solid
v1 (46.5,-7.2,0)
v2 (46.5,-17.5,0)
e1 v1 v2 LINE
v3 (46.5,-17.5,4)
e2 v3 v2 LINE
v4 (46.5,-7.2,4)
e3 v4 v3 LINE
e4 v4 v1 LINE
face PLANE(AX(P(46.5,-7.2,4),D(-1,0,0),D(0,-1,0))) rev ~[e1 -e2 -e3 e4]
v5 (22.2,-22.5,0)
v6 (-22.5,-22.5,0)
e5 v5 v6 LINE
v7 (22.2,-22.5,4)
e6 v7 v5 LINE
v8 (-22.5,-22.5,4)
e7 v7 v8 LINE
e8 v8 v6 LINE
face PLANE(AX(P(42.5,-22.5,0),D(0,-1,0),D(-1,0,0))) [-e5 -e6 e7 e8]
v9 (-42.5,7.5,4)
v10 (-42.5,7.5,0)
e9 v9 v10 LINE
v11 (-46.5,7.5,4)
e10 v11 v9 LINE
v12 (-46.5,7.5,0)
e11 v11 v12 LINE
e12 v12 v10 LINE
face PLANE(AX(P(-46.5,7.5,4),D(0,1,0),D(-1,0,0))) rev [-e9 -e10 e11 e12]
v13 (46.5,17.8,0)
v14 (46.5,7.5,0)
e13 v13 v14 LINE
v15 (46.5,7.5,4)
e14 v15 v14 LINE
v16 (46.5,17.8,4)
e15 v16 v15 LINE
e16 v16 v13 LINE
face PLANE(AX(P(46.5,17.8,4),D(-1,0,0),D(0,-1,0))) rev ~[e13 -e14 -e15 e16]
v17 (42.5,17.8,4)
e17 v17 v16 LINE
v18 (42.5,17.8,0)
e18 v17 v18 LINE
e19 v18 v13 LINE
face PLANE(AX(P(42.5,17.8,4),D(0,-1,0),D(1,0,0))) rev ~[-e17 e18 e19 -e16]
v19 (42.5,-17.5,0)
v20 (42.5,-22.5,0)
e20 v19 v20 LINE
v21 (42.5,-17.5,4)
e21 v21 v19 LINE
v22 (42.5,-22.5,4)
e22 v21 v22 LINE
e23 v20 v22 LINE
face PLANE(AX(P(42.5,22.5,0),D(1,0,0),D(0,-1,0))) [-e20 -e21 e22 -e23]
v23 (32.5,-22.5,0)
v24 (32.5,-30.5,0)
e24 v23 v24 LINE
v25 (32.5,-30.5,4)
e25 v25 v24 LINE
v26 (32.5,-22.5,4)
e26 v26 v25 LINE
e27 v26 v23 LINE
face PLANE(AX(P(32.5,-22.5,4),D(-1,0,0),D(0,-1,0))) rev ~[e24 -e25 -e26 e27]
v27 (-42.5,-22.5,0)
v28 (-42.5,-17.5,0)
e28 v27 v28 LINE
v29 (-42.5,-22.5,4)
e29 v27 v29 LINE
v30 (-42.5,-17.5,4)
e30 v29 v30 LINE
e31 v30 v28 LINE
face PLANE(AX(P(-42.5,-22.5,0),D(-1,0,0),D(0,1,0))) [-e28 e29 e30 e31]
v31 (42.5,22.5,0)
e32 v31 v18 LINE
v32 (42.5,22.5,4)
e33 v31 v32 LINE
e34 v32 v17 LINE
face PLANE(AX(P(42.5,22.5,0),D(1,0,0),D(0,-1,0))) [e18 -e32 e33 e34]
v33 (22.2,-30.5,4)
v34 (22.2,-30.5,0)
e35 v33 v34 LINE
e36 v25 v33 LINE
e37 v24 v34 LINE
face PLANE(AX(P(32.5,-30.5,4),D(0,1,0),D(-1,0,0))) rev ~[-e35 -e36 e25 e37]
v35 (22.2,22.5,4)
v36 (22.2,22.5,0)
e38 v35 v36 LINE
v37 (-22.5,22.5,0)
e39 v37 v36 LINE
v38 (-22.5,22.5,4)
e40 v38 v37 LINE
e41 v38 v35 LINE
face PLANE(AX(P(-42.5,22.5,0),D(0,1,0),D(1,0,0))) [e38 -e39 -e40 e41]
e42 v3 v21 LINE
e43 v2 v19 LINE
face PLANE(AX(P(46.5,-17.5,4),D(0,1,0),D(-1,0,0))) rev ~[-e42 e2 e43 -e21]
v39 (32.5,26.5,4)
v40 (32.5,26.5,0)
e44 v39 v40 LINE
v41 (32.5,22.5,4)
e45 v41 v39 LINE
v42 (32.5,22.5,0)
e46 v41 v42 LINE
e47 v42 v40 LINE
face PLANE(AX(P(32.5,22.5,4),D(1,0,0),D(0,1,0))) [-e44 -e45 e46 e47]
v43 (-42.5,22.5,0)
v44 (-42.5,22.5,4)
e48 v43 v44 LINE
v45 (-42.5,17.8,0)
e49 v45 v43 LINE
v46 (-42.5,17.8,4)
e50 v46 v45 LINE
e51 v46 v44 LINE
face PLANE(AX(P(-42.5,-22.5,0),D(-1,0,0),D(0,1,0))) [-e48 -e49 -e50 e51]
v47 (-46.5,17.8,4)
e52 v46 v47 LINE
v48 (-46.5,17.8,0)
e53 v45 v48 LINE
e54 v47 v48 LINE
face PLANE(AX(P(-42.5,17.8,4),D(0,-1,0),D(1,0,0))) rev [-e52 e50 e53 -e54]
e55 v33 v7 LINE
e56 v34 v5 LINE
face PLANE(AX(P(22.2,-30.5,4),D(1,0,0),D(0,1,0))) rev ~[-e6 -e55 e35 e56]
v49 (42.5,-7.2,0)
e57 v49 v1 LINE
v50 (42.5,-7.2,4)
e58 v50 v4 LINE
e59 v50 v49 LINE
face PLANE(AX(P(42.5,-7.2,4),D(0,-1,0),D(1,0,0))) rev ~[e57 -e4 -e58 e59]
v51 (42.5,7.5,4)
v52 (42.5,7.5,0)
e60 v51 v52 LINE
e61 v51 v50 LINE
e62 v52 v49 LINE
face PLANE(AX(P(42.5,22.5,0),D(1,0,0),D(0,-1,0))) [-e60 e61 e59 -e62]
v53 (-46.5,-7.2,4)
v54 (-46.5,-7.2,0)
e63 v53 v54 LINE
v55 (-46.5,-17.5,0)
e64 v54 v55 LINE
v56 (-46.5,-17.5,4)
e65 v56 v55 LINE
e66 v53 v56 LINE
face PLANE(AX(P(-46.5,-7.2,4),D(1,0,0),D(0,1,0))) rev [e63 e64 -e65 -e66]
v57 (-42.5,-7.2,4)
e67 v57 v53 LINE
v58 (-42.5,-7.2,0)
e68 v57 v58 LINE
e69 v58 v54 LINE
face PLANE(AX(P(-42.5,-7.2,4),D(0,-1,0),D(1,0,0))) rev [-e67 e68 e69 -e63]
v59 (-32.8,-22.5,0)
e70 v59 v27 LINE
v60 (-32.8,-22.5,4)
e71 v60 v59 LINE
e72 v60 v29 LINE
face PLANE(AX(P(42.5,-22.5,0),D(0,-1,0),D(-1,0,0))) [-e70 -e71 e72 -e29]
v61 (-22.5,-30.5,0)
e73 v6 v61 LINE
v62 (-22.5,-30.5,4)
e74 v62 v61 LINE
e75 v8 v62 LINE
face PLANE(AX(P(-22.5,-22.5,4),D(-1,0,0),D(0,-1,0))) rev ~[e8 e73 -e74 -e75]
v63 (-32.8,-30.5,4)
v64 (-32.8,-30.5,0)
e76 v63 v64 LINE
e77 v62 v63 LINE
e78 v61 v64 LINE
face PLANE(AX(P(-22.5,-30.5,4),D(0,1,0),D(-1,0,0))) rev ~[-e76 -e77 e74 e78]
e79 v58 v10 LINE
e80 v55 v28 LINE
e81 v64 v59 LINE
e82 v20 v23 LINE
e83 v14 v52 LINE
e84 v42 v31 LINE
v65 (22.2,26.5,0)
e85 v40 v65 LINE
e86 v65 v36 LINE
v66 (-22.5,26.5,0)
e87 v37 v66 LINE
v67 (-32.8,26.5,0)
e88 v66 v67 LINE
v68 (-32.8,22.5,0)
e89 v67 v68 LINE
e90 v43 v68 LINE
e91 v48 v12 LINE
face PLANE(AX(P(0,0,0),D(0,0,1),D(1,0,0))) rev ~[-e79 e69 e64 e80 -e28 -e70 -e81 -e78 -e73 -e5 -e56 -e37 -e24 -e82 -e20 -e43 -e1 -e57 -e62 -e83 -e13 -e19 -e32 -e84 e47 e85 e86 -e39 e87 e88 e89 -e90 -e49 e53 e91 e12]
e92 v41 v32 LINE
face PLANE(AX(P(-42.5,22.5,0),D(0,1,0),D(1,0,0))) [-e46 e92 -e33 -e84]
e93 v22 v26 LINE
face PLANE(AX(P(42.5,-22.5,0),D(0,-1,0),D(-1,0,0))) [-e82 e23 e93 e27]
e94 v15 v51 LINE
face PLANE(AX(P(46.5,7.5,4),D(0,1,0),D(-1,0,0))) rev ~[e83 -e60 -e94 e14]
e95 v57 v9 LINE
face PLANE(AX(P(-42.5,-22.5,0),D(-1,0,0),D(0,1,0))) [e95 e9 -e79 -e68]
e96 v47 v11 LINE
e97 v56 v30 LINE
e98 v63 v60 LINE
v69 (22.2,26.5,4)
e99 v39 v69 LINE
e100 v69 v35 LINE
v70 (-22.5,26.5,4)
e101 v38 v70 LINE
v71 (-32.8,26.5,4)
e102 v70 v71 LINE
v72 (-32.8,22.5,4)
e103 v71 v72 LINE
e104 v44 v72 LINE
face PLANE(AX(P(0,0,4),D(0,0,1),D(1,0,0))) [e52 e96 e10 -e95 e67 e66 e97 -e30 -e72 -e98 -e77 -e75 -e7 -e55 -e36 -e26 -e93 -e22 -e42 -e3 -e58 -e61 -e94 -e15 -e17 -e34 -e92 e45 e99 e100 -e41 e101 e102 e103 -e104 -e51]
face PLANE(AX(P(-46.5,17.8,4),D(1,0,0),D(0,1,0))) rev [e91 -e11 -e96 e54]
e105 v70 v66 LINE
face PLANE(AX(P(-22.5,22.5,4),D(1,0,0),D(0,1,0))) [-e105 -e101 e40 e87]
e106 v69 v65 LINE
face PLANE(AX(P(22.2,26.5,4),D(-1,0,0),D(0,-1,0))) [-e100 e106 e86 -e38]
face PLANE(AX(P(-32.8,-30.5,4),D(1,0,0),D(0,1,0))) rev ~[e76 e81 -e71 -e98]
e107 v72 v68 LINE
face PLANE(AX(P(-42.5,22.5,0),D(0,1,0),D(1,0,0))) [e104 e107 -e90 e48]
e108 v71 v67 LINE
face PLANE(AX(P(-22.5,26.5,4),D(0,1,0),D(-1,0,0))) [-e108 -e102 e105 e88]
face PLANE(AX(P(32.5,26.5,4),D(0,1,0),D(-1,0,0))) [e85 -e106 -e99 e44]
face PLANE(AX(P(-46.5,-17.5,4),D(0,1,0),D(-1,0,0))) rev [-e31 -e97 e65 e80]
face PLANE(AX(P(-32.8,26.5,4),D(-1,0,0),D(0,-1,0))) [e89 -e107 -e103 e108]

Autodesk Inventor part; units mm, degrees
ref_plane "YZ Plane" through (0, 0, 0) normal (1, 0, 0) x (0, 1, 0)
ref_plane "XZ Plane" through (0, 0, 0) normal (0, 1, 0) x (-1, 0, 0)
sketch "Sketch1" plane through (0, 0, 0) normal (0, 0, 1) x (1, 0, 0)
  line L0 (42.5, -22.5) -> (-42.5, -22.5)
  line L1 (-42.5, -22.5) -> (-42.5, 22.5)
  line L2 (-42.5, 22.5) -> (42.5, 22.5)
  line L3 (42.5, 22.5) -> (42.5, -22.5)
  line L4 (42.5, -22.5) -> (-42.5, 22.5) construction
  line L5 (-42.5, -22.5) -> (42.5, 22.5) construction
  point P0 (0, 0)
  dimension "d0" = 85
  dimension "d1" = 45
extrude "Extrusion1" add sketch "Sketch1" along normal blind 4
sketch "Sketch2" plane through (0, 0, 4) normal (0, 0, 1) x (1, 0, 0)
  line L0 (-42.5, -22.5) -> (42.5, -22.5) projected
  line L1 (42.5, -22.5) -> (42.5, 22.5) projected
  line L2 (42.5, 22.5) -> (-42.5, 22.5) projected
  line L3 (-42.5, 22.5) -> (-42.5, -22.5) projected
  line L4 (42.5, 17.8) -> (46.5, 17.8)
  line L5 (46.5, 17.8) -> (46.5, 7.5)
  line L6 (46.5, 7.5) -> (42.5, 7.5)
  line L7 (42.5, 7.5) -> (42.5, 17.8)
  line L8 (42.5, -22.5) -> (42.5, 22.5) projected
  line L9 (42.5, -7.2) -> (46.5, -7.2)
  line L10 (46.5, -7.2) -> (46.5, -17.5)
  line L11 (46.5, -17.5) -> (42.5, -17.5)
  line L12 (42.5, -17.5) -> (42.5, -7.2)
  point P0 (0, 0)
  dimension "d4" = 4
  dimension "d5" = 10.3
  dimension "d6" = 10.3
extrude "Extrusion2" add sketch "Sketch2" against normal blind 4 contours L1 L9 L10 L11 | L4 L5 L6 L1
ref_plane "Work Plane1" through (0, -7.2, 0) normal (1, 0, 0) x (0, 0, -1)
mirror "Mirror1" about plane through (0, -7.2, 0) normal (1, 0, 0) of "Extrusion2"
sketch "Sketch3" plane through (0, 0, 4) normal (0, 0, 1) x (1, 0, 0)
  line L0 (-42.5, -22.5) -> (42.5, -22.5) projected
  line L1 (-32.8, -22.5) -> (-22.5, -22.5)
  line L2 (-22.5, -22.5) -> (-22.5, -30.5)
  line L3 (-22.5, -30.5) -> (-32.8, -30.5)
  line L4 (-32.8, -30.5) -> (-32.8, -22.5)
  line L5 (22.2, -22.5) -> (32.5, -22.5)
  line L6 (32.5, -22.5) -> (32.5, -30.5)
  line L7 (32.5, -30.5) -> (22.2, -30.5)
  line L8 (22.2, -30.5) -> (22.2, -22.5)
  line L9 (-42.5, -17.5) -> (-42.5, -22.5) projected
  line L10 (42.5, -22.5) -> (42.5, -17.5) projected
  point P0 (0, 0)
  dimension "d11" = 10.3
  dimension "d12" = 8
  dimension "d13" = 10.3
  dimension "d14" = 8
extrude "Extrusion3" add sketch "Sketch3" against normal blind 4
sketch "Sketch4" plane through (0, 0, 4) normal (0, 0, 1) x (1, 0, 0)
  line L0 (42.5, 22.5) -> (-42.5, 22.5) projected
  line L1 (-32.8, 22.5) -> (-22.5, 22.5)
  line L2 (-22.5, 22.5) -> (-22.5, 26.5)
  line L3 (-22.5, 26.5) -> (-32.8, 26.5)
  line L4 (-32.8, 26.5) -> (-32.8, 22.5)
  line L5 (22.2, 22.5) -> (32.5, 22.5)
  line L6 (32.5, 22.5) -> (32.5, 26.5)
  line L7 (32.5, 26.5) -> (22.2, 26.5)
  line L8 (22.2, 26.5) -> (22.2, 22.5)
  line L9 (-42.5, 22.5) -> (-42.5, 17.8) projected
  line L10 (42.5, 17.8) -> (42.5, 22.5) projected
  point P0 (0, 0)
  dimension "d20" = 10.3
  dimension "d21" = 4
  dimension "d22" = 10.3
  dimension "d23" = 4
extrude "Extrusion4" add sketch "Sketch4" against normal blind 4
equation "\"d5\" = D"
equation "\"d6\" = D"
equation "\"d11\" = D"
equation "\"d13\" = D"
equation "\"d20\" = D"
equation "\"d22\" = D"
equation "\"D\" = 10.3"
properties part number "FUENTE 3-02"
